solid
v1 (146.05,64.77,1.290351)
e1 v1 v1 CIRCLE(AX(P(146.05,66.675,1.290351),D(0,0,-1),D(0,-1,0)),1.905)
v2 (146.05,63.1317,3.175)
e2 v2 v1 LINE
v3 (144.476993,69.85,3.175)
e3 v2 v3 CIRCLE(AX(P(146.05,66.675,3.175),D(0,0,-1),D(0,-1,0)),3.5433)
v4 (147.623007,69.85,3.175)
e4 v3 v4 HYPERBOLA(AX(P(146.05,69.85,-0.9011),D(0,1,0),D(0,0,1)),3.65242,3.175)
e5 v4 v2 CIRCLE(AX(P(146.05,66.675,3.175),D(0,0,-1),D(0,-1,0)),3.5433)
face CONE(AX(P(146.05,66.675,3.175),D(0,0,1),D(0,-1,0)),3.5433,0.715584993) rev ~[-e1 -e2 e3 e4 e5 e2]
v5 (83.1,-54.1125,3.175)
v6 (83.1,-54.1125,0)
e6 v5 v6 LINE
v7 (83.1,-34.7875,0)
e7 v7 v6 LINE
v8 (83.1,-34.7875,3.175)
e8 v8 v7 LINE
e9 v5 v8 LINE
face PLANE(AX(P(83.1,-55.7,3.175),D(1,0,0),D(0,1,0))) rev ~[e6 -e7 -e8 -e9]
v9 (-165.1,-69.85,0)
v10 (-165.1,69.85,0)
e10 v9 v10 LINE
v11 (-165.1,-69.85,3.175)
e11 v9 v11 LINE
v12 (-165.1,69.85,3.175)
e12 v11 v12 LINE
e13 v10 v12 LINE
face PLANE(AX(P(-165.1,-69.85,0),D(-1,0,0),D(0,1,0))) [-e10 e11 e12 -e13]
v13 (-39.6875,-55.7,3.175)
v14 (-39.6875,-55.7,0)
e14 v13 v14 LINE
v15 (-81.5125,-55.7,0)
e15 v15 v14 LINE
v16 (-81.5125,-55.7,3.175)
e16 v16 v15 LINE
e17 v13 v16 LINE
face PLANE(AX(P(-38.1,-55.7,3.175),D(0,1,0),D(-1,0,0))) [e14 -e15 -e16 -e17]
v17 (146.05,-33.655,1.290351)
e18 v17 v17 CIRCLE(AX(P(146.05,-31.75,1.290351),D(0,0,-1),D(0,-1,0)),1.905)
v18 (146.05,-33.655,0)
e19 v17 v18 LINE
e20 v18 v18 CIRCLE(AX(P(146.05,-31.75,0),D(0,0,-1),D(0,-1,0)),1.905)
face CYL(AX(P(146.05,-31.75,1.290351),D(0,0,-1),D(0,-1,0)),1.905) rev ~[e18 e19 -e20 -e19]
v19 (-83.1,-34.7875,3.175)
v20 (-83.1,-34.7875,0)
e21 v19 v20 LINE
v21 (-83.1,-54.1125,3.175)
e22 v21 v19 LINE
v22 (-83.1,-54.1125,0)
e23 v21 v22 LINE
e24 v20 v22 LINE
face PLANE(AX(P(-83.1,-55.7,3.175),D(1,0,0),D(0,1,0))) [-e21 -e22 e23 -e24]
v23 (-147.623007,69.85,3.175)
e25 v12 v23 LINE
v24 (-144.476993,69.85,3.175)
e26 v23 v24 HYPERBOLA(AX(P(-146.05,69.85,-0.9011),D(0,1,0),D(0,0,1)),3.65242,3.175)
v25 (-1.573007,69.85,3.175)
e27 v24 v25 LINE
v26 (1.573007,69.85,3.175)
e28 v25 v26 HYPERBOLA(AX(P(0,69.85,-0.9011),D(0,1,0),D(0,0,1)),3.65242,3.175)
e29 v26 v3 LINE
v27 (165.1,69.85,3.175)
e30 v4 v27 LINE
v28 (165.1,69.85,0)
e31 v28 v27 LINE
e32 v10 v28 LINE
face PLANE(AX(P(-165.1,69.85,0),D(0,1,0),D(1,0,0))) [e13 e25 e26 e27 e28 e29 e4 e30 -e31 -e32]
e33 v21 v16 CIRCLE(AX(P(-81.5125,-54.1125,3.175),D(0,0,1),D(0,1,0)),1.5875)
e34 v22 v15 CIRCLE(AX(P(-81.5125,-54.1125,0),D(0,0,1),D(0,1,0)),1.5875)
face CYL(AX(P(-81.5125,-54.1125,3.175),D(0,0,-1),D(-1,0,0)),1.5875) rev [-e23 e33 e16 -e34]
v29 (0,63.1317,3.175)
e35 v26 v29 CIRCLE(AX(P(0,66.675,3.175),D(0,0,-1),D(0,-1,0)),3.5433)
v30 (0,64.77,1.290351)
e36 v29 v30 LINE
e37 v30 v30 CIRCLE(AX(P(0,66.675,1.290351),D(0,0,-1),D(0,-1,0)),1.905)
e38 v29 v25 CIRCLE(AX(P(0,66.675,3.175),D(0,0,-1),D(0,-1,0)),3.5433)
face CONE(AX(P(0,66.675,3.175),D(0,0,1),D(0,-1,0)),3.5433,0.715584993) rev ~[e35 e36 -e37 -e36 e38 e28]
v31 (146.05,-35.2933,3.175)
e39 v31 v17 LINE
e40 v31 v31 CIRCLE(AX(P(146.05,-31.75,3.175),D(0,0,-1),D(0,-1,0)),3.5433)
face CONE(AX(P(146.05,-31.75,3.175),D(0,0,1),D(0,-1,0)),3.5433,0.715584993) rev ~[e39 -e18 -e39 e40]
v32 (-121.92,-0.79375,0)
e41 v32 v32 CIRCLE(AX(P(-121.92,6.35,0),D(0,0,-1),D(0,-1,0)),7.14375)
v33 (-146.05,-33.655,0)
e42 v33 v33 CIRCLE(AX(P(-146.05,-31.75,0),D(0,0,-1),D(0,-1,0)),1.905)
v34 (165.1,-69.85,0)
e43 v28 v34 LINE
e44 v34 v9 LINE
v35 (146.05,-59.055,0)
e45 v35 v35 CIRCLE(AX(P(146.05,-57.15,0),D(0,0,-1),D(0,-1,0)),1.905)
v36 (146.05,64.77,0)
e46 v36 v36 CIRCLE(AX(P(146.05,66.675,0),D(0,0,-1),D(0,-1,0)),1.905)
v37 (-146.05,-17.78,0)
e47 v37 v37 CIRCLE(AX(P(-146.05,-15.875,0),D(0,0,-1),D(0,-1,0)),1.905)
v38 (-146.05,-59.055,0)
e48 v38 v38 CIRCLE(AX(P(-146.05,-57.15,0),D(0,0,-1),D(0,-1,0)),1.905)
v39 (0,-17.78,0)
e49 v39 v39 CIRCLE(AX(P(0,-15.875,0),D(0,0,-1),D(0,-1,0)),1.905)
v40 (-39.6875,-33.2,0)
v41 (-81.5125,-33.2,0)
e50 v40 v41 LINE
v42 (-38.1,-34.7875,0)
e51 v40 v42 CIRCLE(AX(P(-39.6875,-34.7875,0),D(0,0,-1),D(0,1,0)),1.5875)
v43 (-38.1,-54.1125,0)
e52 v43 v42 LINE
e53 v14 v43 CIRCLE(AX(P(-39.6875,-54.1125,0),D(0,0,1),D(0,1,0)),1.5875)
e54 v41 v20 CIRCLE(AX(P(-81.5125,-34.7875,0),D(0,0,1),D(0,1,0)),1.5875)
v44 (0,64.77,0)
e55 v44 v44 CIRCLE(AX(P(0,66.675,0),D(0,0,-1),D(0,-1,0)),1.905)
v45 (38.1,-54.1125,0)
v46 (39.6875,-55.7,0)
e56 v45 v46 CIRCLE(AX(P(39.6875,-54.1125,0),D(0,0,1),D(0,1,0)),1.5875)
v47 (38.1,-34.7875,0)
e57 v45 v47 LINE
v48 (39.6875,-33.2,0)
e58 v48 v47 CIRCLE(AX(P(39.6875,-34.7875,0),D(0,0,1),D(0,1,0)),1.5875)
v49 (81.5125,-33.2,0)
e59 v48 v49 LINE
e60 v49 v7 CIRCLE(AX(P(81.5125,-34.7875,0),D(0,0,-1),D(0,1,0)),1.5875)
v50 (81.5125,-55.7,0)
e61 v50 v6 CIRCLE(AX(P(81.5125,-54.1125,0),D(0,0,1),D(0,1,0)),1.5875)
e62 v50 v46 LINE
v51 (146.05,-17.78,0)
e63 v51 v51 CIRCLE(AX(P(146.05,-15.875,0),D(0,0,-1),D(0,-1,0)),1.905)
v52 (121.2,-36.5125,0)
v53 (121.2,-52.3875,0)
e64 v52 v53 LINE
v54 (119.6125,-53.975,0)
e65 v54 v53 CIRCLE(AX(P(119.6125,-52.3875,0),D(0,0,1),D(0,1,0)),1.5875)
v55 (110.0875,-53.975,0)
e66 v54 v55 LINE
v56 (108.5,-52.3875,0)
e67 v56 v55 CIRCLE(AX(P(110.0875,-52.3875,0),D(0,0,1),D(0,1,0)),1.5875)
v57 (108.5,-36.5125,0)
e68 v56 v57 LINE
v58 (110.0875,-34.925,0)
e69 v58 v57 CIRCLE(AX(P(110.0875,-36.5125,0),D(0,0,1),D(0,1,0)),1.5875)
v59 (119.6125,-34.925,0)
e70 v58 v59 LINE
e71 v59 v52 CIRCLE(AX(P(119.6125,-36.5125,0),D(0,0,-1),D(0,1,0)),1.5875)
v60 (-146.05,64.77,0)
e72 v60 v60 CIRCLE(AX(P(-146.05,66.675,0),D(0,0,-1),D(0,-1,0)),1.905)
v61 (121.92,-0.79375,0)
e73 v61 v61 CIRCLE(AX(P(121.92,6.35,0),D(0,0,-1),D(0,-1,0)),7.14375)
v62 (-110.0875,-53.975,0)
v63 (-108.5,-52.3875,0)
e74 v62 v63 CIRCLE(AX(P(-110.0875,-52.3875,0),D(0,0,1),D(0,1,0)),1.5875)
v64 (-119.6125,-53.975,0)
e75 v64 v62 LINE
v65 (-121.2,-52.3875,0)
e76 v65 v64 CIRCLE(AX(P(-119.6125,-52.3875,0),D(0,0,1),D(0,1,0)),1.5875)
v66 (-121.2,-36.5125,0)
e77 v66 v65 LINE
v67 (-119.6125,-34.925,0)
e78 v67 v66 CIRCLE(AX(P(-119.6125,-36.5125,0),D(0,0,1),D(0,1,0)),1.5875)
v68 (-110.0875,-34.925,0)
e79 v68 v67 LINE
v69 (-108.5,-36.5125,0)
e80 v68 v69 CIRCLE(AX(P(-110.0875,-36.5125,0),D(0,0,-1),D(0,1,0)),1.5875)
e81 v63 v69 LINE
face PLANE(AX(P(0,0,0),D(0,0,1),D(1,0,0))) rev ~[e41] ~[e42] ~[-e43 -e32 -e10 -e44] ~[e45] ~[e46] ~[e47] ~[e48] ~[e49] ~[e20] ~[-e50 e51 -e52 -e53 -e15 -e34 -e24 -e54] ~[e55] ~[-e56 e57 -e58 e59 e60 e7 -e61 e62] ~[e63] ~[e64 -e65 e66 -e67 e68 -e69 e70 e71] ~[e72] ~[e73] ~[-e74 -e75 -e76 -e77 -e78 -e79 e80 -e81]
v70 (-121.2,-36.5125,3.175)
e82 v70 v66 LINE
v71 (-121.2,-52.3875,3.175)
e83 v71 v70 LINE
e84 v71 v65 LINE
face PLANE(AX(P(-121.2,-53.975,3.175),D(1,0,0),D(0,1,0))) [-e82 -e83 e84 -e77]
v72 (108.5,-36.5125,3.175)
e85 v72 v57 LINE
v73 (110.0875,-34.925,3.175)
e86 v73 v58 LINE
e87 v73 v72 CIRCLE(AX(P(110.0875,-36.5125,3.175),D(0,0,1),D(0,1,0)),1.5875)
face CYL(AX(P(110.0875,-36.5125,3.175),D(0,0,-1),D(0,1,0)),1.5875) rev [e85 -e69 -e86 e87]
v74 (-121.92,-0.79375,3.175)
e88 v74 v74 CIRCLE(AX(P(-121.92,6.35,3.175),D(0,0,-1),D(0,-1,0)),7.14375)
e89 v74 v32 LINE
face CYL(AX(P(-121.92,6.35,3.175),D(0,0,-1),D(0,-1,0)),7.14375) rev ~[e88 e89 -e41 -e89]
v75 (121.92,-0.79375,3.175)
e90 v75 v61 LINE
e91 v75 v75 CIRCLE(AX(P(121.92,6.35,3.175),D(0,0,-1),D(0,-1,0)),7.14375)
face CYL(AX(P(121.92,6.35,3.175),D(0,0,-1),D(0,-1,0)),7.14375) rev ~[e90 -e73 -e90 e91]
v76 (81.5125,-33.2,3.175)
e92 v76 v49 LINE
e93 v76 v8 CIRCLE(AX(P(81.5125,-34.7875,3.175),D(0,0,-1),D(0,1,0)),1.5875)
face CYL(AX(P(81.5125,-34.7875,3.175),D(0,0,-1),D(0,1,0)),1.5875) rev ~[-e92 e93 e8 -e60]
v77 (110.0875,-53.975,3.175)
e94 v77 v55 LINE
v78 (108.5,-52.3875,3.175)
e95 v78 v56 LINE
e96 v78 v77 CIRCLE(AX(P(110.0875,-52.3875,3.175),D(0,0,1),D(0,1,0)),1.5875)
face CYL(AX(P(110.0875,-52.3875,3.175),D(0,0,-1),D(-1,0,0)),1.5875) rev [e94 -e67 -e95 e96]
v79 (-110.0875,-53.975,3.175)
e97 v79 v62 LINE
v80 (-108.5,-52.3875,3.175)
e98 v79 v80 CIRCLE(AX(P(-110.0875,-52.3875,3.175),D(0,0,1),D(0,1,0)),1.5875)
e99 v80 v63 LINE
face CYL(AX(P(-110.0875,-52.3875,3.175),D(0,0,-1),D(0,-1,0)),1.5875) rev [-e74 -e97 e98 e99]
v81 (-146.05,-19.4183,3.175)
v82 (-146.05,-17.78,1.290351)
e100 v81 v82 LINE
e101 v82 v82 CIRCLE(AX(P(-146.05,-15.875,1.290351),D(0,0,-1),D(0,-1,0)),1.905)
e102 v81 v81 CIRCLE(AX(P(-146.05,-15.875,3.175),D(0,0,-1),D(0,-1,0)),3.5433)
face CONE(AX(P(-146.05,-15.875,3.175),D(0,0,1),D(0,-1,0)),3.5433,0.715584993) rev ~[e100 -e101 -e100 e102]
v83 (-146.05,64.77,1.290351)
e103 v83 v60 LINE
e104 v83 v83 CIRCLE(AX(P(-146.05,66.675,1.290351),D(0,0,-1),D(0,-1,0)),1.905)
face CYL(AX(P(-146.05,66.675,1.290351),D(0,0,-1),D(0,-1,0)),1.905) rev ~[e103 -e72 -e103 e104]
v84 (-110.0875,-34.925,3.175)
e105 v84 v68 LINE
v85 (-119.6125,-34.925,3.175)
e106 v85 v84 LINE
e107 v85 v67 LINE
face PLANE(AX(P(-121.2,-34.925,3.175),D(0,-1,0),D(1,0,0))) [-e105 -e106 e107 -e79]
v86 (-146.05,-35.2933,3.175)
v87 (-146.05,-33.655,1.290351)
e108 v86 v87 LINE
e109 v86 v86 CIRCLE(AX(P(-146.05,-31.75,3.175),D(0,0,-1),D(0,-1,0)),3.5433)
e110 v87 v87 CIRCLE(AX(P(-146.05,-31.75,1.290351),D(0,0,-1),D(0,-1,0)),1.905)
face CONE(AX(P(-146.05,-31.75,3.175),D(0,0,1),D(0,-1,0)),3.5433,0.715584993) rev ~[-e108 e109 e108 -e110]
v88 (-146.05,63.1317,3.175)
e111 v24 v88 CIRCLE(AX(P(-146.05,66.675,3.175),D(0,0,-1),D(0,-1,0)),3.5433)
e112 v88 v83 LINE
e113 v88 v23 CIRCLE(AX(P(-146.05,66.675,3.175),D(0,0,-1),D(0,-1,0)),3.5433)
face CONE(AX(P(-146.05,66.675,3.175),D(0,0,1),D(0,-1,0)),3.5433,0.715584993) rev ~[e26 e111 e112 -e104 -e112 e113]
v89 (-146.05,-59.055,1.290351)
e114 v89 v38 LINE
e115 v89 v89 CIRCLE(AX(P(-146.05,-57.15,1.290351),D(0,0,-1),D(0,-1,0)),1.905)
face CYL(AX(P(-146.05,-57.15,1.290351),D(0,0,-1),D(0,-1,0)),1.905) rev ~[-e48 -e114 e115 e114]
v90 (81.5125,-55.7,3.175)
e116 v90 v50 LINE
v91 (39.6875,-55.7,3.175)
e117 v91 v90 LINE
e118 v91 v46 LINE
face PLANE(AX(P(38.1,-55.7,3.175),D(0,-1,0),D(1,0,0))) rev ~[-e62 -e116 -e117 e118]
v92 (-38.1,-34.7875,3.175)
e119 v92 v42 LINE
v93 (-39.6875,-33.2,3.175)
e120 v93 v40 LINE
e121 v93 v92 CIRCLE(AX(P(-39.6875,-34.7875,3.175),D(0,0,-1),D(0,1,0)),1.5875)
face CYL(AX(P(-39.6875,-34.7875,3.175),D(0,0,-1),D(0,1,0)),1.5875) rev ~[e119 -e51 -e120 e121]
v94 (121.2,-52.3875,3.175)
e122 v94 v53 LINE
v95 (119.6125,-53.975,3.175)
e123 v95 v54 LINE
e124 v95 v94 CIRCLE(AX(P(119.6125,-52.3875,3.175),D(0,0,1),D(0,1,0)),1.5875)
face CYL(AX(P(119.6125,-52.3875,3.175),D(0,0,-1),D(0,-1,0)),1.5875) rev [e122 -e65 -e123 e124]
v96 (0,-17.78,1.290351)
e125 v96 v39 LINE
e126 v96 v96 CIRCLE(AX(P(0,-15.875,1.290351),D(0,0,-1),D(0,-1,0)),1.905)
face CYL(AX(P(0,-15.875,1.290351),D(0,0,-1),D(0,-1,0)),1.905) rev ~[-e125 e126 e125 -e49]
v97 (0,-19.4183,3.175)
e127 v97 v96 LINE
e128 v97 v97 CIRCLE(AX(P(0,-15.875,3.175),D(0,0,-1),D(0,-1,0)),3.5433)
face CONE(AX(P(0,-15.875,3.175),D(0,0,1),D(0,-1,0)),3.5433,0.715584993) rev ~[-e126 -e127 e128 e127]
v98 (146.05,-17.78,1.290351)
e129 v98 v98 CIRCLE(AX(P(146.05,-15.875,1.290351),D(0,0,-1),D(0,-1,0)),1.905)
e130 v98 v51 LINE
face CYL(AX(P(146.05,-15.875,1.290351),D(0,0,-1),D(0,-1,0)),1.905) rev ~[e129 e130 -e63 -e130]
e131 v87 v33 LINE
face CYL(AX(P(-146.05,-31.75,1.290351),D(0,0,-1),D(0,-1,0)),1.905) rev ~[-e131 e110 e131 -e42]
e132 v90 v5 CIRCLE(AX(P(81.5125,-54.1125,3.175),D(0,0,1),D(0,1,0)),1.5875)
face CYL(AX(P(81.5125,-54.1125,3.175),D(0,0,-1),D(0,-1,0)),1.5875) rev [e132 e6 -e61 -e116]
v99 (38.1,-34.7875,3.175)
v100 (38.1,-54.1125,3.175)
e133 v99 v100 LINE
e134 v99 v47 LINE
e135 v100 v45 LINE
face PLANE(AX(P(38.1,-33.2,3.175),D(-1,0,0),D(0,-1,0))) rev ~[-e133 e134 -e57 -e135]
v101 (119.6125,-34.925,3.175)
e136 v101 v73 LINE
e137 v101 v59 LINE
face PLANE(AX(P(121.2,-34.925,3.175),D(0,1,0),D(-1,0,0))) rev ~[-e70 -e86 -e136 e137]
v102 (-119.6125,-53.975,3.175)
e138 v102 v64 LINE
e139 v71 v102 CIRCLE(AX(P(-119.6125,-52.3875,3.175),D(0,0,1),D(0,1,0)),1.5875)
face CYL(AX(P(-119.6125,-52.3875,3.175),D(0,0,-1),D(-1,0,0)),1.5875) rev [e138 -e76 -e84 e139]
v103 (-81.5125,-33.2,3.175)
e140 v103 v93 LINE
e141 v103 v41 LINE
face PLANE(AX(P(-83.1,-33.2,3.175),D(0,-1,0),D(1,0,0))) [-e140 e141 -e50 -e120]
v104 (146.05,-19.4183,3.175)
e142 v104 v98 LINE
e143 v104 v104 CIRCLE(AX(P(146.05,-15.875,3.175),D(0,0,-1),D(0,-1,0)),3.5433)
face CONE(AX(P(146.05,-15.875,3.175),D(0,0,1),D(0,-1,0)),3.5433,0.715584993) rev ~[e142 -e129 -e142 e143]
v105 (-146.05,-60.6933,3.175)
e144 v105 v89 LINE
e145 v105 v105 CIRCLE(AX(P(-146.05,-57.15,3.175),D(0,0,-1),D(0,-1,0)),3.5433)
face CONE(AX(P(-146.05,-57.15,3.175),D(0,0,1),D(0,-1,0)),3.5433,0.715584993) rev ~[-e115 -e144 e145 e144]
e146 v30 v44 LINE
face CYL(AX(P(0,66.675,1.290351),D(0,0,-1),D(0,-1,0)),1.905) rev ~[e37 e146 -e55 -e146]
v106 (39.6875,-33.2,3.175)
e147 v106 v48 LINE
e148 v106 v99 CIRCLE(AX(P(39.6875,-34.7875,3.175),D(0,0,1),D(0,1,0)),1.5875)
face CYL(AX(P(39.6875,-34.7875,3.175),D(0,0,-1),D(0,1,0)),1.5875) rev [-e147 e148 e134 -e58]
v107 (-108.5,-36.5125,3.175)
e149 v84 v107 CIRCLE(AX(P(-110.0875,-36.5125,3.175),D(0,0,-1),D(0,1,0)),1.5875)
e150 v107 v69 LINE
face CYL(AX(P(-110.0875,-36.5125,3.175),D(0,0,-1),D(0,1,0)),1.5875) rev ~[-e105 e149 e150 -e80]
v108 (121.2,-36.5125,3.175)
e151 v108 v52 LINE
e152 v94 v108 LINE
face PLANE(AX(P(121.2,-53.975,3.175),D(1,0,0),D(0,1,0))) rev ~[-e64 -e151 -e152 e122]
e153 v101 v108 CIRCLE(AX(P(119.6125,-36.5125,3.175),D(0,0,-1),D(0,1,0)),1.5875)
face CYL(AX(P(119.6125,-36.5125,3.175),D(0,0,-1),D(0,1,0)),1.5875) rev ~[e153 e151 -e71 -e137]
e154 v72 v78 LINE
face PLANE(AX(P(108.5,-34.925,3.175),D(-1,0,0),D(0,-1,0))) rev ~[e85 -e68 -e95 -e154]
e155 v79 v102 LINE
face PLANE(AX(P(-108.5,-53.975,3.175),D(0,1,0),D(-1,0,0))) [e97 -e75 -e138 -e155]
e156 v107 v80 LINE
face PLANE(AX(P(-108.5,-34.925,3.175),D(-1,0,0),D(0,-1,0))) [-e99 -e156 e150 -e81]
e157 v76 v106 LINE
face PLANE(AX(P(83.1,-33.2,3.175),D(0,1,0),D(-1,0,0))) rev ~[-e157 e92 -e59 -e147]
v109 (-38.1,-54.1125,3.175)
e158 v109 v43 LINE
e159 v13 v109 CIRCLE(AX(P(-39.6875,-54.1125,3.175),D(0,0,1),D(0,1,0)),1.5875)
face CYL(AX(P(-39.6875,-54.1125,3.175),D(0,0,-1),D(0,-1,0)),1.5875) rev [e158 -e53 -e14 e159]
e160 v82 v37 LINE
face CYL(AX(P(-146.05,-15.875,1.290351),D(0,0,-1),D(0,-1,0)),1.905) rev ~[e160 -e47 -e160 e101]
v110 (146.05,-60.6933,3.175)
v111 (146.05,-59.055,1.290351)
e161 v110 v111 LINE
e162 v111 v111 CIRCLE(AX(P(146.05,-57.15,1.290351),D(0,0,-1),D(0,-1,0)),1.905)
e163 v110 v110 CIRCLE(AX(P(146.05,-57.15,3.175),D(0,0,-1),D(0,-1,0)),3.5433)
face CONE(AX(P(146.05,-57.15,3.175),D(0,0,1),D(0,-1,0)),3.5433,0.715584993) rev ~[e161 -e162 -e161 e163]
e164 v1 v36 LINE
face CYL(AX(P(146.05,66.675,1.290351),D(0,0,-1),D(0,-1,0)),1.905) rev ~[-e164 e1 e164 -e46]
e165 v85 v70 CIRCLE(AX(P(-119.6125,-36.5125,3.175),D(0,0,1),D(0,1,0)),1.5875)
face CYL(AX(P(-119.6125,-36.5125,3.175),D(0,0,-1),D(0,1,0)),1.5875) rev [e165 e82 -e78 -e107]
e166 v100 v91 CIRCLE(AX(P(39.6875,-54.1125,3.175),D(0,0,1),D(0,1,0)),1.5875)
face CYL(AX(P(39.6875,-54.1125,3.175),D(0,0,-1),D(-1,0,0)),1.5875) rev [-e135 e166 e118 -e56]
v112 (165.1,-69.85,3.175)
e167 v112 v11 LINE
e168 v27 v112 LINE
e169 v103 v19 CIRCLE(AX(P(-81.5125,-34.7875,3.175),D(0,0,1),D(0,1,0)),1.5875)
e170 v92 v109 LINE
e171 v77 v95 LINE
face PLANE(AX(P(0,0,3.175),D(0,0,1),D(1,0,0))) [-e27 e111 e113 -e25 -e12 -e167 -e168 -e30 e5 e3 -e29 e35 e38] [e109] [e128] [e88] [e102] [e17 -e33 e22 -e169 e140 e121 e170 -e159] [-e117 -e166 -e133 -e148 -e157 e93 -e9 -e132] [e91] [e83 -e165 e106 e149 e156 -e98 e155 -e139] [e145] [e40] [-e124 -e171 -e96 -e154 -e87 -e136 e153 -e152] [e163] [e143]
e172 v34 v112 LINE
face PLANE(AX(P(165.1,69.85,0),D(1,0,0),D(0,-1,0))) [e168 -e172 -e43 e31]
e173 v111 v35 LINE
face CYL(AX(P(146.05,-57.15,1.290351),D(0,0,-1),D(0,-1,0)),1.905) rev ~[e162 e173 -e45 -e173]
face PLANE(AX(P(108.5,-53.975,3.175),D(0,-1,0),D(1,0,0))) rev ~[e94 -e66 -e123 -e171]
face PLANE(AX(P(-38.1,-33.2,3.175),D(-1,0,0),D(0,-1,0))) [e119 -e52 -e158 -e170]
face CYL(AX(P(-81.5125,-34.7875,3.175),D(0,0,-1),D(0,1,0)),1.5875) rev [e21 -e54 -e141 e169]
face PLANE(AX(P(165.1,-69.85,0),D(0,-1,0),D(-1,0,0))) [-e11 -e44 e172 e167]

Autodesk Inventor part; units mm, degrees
ref_plane "YZ Plane" through (0, 0, 0) normal (1, 0, 0) x (0, 1, 0)
ref_plane "XZ Plane" through (0, 0, 0) normal (0, 1, 0) x (-1, 0, 0)
ref_plane "XY Plane" through (0, 0, 0) normal (0, 0, 1) x (1, 0, 0)
sketch "Sketch1" plane through (0, 0, 0) normal (0, 0, 1) x (1, 0, 0)
  line L0 (-165.1, 69.85) -> (165.1, 69.85)
  line L1 (165.1, 69.85) -> (165.1, -69.85)
  line L2 (165.1, -69.85) -> (-165.1, -69.85)
  line L3 (-165.1, -69.85) -> (-165.1, 69.85)
  point P0 (0, 0)
  dimension "d0" = 139.7
  dimension "d1" = 330.2
  dimension "d2" = 69.85
  dimension "d3" = 165.1
extrude "Extrusion1" add sketch "Sketch1" along normal blind 3.175
sketch "Sketch2" plane through (0, 0, 3.175) normal (0, 0, 1) x (1, 0, 0)
  line L0 (0, -97.79) -> (0, 97.79) construction
  line L1 (-162.2078, 6.35) -> (163.5203, 6.35) construction
  line L2 (-165.1, 69.85) -> (165.1, 69.85) projected
  point P0 (0, 0)
  point P1 (-121.92, 6.35)
  point P2 (121.92, 6.35)
  dimension "d6" = 121.92
  dimension "d23" = 63.5
hole "Hole1" at (-121.92, 6.35, 3.175) at (121.92, 6.35, 3.175) direction (0, 0, -1) diameter 14.2875 end through all
sketch "Sketch4" plane through (0, 0, 3.175) normal (0, 0, 1) x (1, 0, 0)
  line L0 (-165.1, 69.85) -> (165.1, 69.85) projected
  line L1 (-165.1, -69.85) -> (-165.1, 69.85) projected
  line L2 (165.1, -69.85) -> (-165.1, -69.85) projected
  line L3 (165.1, 69.85) -> (165.1, -69.85) projected
  line L4 (-165.1, -15.875) -> (165.1, -15.875) construction
  line L5 (0, 69.85) -> (0, -69.85) construction
  line L6 (-146.05, 69.85) -> (-146.05, -69.85) construction
  line L7 (-165.1, 66.675) -> (165.1, 66.675) construction
  point P0 (0, 0)
  point P1 (-146.05, -15.875)
  point P2 (146.05, -15.875)
  point P3 (0, -15.875)
  point P4 (-146.05, -31.75)
  point P5 (-146.05, -57.15)
  point P6 (146.05, -31.75)
  point P7 (146.05, -57.15)
  point P8 (0, 66.675)
  point P9 (-146.05, 66.675)
  point P10 (146.05, 66.675)
  dimension "d24" = 85.725
  dimension "d49" = 12.7
  dimension "d50" = 25.4
  dimension "d51" = 3.175
  dimension "d58" = 146.05
hole "Hole3" at (-146.05, -15.875, 3.175) at (146.05, -15.875, 3.175) at (0, -15.875, 3.175) at (-146.05, -31.75, 3.175) at (-146.05, -57.15, 3.175) at (146.05, -31.75, 3.175) at (146.05, -57.15, 3.175) at (-146.05, 66.675, 3.175) at (146.05, 66.675, 3.175) at (0, 66.675, 3.175) direction (0, 0, -1) diameter 3.81 end through all countersink diameter 7.0866 countersink angle 82 clearance for "Flat Head Machine Screw (82)" size "#6" standard "Ansi Unified Screw Threads"
sketch "Sketch5" plane through (0, 0, 3.175) normal (0, 0, 1) x (1, 0, 0)
  line L0 (-83.1, -33.2) -> (-38.1, -33.2)
  line L1 (-38.1, -33.2) -> (-38.1, -55.7)
  line L2 (-38.1, -55.7) -> (-83.1, -55.7)
  line L3 (-83.1, -55.7) -> (-83.1, -33.2)
  line L4 (0, -97.79) -> (0, 97.79) construction
  line L5 (165.1, -69.85) -> (-165.1, -69.85) construction
  line L6 (-155.899, -44.45) -> (168.0806, -44.45) construction
  line L7 (-121.2, -34.925) -> (-108.5, -34.925)
  line L8 (-108.5, -34.925) -> (-108.5, -53.975)
  line L9 (-108.5, -53.975) -> (-121.2, -53.975)
  line L10 (-121.2, -53.975) -> (-121.2, -34.925)
  line L11 (83.1, -33.2) -> (38.1, -33.2)
  line L12 (38.1, -33.2) -> (38.1, -55.7)
  line L13 (38.1, -55.7) -> (83.1, -55.7)
  line L14 (83.1, -55.7) -> (83.1, -33.2)
  line L15 (121.2, -34.925) -> (108.5, -34.925)
  line L16 (108.5, -34.925) -> (108.5, -53.975)
  line L17 (108.5, -53.975) -> (121.2, -53.975)
  line L18 (121.2, -53.975) -> (121.2, -34.925)
  point P0 (0, 0)
  dimension "d33" = 45
  dimension "d36" = 38.1
  dimension "d53" = 25.4
  dimension "d54" = 22.5
  dimension "d55" = 12.7
  dimension "d56" = 19.05
  dimension "d57" = 25.4
extrude "Extrusion2" cut sketch "Sketch5" against normal up to next
fillet "Fillet1" radius 1.5875 16 edges at (-121.2, -53.975, 1.5875) (-83.1, -55.7, 1.5875) (38.1, -55.7, 1.5875) (108.5, -53.975, 1.5875) (-108.5, -53.975, 1.5875) (-38.1, -55.7, 1.5875) (83.1, -55.7, 1.5875) (121.2, -53.975, 1.5875) (121.2, -34.925, 1.5875) (83.1, -33.2, 1.5875) (-38.1, -33.2, 1.5875) (-108.5, -34.925, 1.5875) (108.5, -34.925, 1.5875) (38.1, -33.2, 1.5875) (-83.1, -33.2, 1.5875) (-121.2, -34.925, 1.5875)
equation "\"d2\" = 0.5 * d0"
equation "\"d3\" = 0.5 * d1"
properties part number "J001397" material "ALUMINUM, 6061-T651"
